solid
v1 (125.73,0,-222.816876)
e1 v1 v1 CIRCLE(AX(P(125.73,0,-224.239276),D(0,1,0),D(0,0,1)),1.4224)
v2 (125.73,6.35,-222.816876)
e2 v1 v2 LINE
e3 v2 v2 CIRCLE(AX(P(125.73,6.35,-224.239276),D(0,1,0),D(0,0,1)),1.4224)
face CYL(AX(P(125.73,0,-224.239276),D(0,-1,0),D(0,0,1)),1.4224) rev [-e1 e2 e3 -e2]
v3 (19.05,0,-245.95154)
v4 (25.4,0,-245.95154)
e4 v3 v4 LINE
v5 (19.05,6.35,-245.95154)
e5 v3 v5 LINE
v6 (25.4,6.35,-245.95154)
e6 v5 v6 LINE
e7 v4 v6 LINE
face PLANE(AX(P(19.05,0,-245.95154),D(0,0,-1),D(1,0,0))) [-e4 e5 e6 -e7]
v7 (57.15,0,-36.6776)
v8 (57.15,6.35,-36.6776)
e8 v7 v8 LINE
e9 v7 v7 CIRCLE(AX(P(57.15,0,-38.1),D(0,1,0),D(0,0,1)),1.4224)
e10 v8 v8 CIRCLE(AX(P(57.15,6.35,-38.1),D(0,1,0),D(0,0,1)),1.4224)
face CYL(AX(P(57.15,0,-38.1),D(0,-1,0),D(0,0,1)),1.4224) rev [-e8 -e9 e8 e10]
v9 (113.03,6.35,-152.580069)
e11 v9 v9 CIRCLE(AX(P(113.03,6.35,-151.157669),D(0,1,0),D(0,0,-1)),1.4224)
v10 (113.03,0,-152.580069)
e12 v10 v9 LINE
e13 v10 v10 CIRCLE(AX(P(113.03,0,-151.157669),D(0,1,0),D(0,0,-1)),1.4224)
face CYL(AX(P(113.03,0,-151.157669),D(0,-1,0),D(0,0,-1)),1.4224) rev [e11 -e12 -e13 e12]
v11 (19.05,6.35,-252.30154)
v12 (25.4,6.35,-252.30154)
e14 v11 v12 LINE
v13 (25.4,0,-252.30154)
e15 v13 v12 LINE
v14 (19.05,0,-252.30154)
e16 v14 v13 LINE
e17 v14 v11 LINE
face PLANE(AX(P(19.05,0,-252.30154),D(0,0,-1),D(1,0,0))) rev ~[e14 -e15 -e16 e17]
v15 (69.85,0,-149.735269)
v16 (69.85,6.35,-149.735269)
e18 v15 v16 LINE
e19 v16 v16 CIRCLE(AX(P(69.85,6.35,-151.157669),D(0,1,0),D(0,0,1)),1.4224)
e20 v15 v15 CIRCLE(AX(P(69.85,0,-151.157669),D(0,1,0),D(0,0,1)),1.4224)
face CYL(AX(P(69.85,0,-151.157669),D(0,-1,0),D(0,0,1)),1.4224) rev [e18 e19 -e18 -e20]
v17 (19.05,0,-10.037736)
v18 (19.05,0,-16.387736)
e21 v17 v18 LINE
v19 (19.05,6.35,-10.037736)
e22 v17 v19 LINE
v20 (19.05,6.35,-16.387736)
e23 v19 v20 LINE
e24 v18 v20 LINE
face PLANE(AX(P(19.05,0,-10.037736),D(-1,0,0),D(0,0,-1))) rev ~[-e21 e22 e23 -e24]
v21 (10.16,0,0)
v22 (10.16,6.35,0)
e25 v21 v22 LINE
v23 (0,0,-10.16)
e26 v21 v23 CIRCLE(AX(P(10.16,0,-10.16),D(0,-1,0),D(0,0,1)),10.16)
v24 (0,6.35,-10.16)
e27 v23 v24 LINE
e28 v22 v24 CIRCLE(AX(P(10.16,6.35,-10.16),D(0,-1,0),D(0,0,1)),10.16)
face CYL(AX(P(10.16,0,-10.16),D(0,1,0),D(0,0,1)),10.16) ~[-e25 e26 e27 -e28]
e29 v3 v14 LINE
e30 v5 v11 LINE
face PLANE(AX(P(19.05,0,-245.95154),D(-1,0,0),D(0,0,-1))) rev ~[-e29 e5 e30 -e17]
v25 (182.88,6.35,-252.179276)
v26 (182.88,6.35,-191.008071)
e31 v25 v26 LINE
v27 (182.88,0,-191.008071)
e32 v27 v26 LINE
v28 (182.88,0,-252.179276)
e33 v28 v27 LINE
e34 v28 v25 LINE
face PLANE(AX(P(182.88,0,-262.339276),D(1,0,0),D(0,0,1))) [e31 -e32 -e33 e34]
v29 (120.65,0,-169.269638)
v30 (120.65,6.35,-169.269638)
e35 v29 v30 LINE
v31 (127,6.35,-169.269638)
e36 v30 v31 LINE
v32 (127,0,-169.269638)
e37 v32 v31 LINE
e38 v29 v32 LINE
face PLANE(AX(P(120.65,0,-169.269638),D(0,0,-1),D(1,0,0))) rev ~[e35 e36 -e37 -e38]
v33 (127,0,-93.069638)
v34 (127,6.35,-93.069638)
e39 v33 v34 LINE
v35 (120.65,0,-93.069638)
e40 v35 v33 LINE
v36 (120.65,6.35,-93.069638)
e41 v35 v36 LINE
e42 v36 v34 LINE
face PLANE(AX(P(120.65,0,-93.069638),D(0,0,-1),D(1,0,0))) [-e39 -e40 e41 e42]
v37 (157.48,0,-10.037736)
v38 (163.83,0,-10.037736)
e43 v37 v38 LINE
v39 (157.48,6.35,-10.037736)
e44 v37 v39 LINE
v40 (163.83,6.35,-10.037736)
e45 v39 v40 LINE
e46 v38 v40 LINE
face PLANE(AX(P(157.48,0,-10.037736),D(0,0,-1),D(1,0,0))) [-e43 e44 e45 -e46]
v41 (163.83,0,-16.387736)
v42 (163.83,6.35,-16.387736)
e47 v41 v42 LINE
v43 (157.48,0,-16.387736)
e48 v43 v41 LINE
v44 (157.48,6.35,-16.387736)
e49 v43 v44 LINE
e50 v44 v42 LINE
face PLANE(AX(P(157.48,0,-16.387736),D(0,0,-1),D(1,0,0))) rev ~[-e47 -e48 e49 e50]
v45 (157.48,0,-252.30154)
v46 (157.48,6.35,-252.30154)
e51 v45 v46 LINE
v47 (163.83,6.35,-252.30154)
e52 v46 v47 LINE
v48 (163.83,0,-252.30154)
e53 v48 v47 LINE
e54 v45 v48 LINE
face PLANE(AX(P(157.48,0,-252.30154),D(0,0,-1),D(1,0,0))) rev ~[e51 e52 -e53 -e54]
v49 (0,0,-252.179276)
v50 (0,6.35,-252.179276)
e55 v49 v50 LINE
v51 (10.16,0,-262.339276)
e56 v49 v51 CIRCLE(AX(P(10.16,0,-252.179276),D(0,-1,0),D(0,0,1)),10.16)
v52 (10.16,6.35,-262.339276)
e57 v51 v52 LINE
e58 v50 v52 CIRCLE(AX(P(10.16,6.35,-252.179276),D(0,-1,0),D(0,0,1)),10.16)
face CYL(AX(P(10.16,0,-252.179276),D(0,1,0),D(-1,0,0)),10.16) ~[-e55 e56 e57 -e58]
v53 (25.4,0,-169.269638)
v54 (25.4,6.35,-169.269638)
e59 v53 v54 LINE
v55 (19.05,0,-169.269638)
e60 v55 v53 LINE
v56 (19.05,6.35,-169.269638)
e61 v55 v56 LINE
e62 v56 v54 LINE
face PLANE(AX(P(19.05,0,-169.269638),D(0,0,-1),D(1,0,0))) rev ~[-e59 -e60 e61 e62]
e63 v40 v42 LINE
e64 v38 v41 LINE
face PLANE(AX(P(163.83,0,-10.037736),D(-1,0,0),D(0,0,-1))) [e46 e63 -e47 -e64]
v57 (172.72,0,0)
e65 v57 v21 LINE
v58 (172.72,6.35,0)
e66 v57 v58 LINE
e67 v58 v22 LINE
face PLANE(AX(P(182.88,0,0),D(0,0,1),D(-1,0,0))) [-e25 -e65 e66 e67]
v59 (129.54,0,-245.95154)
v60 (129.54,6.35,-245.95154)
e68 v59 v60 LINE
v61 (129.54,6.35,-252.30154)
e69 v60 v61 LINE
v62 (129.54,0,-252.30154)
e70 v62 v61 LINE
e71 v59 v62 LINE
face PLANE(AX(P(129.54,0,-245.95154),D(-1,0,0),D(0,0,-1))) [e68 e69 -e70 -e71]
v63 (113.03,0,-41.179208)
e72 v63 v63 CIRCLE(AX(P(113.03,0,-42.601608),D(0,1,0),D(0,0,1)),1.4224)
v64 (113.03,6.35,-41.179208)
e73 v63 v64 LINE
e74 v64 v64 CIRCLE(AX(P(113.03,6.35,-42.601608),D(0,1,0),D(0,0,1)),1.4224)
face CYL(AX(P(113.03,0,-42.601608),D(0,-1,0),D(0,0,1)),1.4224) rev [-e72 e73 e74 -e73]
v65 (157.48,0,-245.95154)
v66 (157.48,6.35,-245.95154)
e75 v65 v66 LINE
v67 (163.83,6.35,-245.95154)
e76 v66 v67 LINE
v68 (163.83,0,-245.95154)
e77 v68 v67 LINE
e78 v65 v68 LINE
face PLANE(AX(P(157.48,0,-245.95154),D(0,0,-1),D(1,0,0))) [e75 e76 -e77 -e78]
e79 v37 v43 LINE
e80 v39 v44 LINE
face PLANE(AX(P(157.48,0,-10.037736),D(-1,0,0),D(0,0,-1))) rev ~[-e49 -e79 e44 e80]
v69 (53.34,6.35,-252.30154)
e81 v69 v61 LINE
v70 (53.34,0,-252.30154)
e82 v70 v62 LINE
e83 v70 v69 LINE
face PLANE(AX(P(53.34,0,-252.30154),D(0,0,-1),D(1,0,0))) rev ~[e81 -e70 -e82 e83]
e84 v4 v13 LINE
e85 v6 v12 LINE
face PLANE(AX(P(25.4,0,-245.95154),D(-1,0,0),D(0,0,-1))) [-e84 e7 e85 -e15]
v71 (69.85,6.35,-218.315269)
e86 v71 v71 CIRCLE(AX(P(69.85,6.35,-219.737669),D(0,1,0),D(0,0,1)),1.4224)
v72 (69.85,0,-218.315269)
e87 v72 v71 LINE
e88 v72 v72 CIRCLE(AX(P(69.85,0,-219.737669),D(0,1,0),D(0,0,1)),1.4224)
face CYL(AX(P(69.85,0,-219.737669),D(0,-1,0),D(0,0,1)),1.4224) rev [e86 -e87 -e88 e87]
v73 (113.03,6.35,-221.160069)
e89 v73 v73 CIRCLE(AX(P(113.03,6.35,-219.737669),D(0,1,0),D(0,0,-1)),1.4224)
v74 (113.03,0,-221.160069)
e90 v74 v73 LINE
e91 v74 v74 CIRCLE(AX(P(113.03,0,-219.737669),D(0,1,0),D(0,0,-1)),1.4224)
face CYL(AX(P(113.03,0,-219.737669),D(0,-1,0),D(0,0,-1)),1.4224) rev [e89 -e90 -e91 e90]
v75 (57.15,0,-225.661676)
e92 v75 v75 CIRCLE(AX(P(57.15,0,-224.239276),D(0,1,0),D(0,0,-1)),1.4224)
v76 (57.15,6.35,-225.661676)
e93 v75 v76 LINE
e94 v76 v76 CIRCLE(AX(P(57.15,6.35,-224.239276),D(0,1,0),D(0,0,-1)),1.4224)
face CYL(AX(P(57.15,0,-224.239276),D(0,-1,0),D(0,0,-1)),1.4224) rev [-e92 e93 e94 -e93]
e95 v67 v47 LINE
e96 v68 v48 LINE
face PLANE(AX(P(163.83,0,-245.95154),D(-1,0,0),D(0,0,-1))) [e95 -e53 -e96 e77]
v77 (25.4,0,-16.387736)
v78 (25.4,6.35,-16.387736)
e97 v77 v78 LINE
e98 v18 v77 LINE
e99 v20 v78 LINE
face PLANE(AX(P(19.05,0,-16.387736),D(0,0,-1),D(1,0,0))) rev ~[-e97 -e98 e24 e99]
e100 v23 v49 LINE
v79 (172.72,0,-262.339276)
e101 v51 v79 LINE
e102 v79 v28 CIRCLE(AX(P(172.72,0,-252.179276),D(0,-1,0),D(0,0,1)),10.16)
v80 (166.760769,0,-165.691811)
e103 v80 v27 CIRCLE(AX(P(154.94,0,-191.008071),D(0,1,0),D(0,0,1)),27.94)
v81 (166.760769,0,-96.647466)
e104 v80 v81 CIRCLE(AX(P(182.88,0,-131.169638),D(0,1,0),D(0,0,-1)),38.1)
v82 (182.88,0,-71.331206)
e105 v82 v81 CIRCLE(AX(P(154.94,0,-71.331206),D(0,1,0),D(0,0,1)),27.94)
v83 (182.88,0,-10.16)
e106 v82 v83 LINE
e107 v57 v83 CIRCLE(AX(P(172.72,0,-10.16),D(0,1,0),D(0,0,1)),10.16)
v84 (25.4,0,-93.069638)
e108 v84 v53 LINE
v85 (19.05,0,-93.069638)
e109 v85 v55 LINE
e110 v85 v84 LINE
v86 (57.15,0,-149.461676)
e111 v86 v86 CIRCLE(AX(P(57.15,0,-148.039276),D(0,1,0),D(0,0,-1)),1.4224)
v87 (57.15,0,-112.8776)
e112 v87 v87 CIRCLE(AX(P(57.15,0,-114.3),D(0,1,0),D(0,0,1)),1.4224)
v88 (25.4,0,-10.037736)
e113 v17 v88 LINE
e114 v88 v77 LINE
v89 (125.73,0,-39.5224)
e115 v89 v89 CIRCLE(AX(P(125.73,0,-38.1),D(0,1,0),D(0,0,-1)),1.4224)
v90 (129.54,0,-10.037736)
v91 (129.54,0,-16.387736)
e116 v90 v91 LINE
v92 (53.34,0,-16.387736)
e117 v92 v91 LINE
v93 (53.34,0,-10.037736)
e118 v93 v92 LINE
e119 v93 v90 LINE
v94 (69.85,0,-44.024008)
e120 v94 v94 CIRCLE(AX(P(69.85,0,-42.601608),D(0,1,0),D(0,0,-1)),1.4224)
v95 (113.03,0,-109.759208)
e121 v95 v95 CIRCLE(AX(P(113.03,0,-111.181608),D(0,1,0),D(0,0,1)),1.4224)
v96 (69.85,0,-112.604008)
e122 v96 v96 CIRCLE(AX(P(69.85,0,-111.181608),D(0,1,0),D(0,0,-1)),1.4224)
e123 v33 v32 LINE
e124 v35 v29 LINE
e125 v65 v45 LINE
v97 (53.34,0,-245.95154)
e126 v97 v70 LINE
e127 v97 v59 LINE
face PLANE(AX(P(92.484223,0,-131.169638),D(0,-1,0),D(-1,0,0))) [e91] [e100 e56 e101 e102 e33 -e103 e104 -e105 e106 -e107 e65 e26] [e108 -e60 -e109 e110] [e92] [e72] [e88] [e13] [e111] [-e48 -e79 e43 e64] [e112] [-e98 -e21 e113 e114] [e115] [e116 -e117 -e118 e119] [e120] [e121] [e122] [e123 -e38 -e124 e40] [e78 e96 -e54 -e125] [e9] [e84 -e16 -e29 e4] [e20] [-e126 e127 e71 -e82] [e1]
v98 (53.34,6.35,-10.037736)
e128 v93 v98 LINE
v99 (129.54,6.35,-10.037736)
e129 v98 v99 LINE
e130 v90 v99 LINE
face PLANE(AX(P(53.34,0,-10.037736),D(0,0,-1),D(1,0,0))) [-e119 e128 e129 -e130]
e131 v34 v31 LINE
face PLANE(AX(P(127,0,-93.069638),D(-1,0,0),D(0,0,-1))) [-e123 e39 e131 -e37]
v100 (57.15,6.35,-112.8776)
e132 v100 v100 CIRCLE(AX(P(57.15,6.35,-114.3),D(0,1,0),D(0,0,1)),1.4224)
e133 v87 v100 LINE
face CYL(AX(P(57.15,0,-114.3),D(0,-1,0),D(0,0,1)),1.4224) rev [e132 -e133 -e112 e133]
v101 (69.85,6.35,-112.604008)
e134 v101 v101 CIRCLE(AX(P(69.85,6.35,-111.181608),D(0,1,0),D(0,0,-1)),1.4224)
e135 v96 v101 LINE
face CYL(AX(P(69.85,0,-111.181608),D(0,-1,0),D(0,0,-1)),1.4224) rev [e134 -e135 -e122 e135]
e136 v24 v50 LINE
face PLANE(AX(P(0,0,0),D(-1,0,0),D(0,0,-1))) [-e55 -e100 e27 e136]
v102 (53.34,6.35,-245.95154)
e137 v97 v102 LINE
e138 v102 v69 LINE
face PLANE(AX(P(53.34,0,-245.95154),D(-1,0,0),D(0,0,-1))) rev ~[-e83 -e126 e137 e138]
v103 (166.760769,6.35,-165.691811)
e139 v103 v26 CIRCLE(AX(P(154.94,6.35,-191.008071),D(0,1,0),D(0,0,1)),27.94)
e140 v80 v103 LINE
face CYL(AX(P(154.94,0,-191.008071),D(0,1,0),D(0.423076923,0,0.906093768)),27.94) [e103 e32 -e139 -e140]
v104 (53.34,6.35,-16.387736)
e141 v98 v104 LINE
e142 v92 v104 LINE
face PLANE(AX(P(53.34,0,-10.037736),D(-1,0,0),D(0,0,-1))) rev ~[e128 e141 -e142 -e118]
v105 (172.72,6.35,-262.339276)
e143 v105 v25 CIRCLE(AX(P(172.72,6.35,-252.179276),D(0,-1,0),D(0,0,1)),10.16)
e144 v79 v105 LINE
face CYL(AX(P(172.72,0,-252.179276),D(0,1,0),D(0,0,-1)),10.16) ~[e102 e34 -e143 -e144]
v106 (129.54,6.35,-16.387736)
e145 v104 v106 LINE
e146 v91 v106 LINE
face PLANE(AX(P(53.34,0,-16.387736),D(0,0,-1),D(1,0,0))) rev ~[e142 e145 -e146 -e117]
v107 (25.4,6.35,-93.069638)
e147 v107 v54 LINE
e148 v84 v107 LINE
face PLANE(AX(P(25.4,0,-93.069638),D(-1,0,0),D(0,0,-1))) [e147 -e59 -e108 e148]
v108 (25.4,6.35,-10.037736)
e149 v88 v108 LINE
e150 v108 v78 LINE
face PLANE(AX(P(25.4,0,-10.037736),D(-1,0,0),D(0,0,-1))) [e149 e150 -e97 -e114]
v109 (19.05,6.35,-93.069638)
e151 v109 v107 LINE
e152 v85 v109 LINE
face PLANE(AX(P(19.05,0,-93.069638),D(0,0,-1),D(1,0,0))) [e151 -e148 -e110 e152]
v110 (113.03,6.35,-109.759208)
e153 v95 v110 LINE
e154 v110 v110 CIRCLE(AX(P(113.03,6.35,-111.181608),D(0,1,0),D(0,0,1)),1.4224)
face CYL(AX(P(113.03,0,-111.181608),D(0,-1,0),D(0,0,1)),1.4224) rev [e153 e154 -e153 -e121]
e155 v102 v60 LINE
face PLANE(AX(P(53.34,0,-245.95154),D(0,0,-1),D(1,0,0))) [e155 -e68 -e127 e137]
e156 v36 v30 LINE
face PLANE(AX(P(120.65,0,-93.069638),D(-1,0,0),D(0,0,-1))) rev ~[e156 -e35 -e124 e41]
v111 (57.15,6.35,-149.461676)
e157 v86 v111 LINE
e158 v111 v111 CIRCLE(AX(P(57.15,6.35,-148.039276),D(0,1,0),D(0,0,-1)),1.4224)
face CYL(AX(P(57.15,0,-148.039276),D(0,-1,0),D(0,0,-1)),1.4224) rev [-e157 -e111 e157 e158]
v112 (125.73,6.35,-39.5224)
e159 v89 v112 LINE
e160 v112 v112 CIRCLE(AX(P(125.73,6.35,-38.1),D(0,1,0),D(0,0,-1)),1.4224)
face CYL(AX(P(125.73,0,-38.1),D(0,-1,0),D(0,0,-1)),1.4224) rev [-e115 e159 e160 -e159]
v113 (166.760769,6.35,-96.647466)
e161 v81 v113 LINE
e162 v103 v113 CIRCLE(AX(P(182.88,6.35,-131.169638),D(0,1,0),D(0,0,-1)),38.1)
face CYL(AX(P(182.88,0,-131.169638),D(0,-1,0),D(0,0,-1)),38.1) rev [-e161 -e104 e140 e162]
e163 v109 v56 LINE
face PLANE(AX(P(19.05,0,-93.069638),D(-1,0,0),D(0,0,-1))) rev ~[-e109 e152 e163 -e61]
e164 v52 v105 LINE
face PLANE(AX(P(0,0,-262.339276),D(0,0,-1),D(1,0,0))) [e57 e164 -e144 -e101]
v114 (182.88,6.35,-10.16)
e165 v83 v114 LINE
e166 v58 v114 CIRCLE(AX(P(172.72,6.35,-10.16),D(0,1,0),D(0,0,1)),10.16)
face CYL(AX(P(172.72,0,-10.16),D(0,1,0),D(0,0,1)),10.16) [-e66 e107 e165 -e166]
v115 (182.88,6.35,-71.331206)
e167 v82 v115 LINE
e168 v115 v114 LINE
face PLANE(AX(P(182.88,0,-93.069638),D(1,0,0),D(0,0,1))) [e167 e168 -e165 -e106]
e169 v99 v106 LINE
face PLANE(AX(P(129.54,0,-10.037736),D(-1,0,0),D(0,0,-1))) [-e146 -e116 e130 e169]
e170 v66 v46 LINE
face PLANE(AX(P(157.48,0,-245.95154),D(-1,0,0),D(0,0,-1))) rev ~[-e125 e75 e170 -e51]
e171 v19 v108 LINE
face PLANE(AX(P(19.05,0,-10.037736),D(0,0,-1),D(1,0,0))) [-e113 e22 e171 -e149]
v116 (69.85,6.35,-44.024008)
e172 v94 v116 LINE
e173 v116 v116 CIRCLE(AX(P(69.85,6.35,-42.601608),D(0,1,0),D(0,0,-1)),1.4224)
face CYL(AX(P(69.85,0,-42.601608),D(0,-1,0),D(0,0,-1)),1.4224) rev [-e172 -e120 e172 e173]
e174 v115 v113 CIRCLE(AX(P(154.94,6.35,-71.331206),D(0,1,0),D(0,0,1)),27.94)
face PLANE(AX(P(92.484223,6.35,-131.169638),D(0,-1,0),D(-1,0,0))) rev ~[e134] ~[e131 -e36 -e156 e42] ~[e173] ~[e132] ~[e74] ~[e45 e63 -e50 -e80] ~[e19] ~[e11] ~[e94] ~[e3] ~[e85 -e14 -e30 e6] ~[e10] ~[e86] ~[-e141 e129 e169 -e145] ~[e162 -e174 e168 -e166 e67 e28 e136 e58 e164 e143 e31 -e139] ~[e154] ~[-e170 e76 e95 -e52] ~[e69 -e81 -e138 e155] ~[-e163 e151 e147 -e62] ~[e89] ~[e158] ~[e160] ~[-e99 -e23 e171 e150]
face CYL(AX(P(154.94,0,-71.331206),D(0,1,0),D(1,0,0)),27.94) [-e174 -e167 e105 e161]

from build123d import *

# Parameters (mm, degrees)
SKETCH3_R           = 1.4224
SKETCH3_W           = 6.35
SKETCH3_H           = 6.35
SKETCH3_W_2         = 76.2
SKETCH3_H_2         = 76.2
BOSS_EXTRUDE1_DEPTH = 6.35
FILLET1_R           = 10.16
FILLET2_R           = 27.94


with BuildPart() as part:
    # Sketch3 → Boss-Extrude1 (new body)
    with BuildSketch(Plane(origin=(0, 0, 0), x_dir=(1, 0, 0), z_dir=(0, 1, 0))):
        with BuildLine():
            Line((182.88, 0), (0, 0))
            Line((0, 0), (0, 262.339276313))
            Line((0, 262.339276313), (182.88, 262.339276313))
            Line((182.88, 262.339276313), (182.88, 169.269638157))
            ThreePointArc((182.88, 169.269638157), (144.78, 131.169638157), (182.88, 93.069638157))
            Line((182.88, 93.069638157), (182.88, 0))
        make_face()
        with Locations(Location((57.15, 38.1, 0), (0, 0, 270))):
            Circle(SKETCH3_R, mode=Mode.SUBTRACT)
        with Locations(Location((57.15, 114.3, 0), (0, 0, 270))):
            Circle(SKETCH3_R, mode=Mode.SUBTRACT)
        with Locations(Location((125.73, 38.1, 0), (0, 0, 90))):
            Circle(SKETCH3_R, mode=Mode.SUBTRACT)
        with Locations(Location((69.85, 151.157668748, 0), (0, 0, 270))):
            Circle(SKETCH3_R, mode=Mode.SUBTRACT)
        with Locations(Location((69.85, 219.737668748, 0), (0, 0, 270))):
            Circle(SKETCH3_R, mode=Mode.SUBTRACT)
        with Locations(Location((113.03, 151.157668748, 0), (0, 0, 90))):
            Circle(SKETCH3_R, mode=Mode.SUBTRACT)
        with Locations(Location((113.03, 219.737668748, 0), (0, 0, 90))):
            Circle(SKETCH3_R, mode=Mode.SUBTRACT)
        with Locations(Location((113.03, 42.601607565, 0), (0, 0, 270))):
            Circle(SKETCH3_R, mode=Mode.SUBTRACT)
        with Locations(Location((113.03, 111.181607565, 0), (0, 0, 270))):
            Circle(SKETCH3_R, mode=Mode.SUBTRACT)
        with Locations(Location((69.85, 111.181607565, 0), (0, 0, 90))):
            Circle(SKETCH3_R, mode=Mode.SUBTRACT)
        with Locations(Location((69.85, 42.601607565, 0), (0, 0, 90))):
            Circle(SKETCH3_R, mode=Mode.SUBTRACT)
        with Locations(Location((125.73, 224.239276313, 0), (0, 0, 270))):
            Circle(SKETCH3_R, mode=Mode.SUBTRACT)
        with Locations(Location((57.15, 224.239276313, 0), (0, 0, 90))):
            Circle(SKETCH3_R, mode=Mode.SUBTRACT)
        with Locations(Location((57.15, 148.039276313, 0), (0, 0, 90))):
            Circle(SKETCH3_R, mode=Mode.SUBTRACT)
        with Locations((22.225, 13.212735966)):
            Rectangle(SKETCH3_W, SKETCH3_H, mode=Mode.SUBTRACT)
        with Locations((160.655, 13.212735966)):
            Rectangle(SKETCH3_W, SKETCH3_H, mode=Mode.SUBTRACT)
        with Locations((160.655, 249.126540348)):
            Rectangle(SKETCH3_W, SKETCH3_H, mode=Mode.SUBTRACT)
        with Locations((22.225, 249.126540348)):
            Rectangle(SKETCH3_W, SKETCH3_H, mode=Mode.SUBTRACT)
        with Locations((91.44, 249.126540348)):
            Rectangle(SKETCH3_W_2, SKETCH3_H, mode=Mode.SUBTRACT)
        with Locations((91.44, 13.212735966)):
            Rectangle(SKETCH3_W_2, SKETCH3_H, mode=Mode.SUBTRACT)
        with Locations((123.825, 131.169638157)):
            Rectangle(SKETCH3_W, SKETCH3_H_2, mode=Mode.SUBTRACT)
        with Locations((22.225, 131.169638157)):
            Rectangle(SKETCH3_W, SKETCH3_H_2, mode=Mode.SUBTRACT)
    extrude(amount=BOSS_EXTRUDE1_DEPTH)

    # Fillet1
    fillet1_edges = [part.edges().sort_by_distance(p)[0] for p in [
        (0, 3.175, -262.339276313),
        (182.88, 3.175, -262.339276313),
        (182.88, 3.175, 0),
        (0, 3.175, 0),
    ]]
    fillet(fillet1_edges, radius=FILLET1_R)

    # Fillet2
    fillet2_edges = [part.edges().sort_by_distance(p)[0] for p in [
        (182.88, 3.175, -169.269638157),
        (182.88, 3.175, -93.069638157),
    ]]
    fillet(fillet2_edges, radius=FILLET2_R)


solid = part.part
